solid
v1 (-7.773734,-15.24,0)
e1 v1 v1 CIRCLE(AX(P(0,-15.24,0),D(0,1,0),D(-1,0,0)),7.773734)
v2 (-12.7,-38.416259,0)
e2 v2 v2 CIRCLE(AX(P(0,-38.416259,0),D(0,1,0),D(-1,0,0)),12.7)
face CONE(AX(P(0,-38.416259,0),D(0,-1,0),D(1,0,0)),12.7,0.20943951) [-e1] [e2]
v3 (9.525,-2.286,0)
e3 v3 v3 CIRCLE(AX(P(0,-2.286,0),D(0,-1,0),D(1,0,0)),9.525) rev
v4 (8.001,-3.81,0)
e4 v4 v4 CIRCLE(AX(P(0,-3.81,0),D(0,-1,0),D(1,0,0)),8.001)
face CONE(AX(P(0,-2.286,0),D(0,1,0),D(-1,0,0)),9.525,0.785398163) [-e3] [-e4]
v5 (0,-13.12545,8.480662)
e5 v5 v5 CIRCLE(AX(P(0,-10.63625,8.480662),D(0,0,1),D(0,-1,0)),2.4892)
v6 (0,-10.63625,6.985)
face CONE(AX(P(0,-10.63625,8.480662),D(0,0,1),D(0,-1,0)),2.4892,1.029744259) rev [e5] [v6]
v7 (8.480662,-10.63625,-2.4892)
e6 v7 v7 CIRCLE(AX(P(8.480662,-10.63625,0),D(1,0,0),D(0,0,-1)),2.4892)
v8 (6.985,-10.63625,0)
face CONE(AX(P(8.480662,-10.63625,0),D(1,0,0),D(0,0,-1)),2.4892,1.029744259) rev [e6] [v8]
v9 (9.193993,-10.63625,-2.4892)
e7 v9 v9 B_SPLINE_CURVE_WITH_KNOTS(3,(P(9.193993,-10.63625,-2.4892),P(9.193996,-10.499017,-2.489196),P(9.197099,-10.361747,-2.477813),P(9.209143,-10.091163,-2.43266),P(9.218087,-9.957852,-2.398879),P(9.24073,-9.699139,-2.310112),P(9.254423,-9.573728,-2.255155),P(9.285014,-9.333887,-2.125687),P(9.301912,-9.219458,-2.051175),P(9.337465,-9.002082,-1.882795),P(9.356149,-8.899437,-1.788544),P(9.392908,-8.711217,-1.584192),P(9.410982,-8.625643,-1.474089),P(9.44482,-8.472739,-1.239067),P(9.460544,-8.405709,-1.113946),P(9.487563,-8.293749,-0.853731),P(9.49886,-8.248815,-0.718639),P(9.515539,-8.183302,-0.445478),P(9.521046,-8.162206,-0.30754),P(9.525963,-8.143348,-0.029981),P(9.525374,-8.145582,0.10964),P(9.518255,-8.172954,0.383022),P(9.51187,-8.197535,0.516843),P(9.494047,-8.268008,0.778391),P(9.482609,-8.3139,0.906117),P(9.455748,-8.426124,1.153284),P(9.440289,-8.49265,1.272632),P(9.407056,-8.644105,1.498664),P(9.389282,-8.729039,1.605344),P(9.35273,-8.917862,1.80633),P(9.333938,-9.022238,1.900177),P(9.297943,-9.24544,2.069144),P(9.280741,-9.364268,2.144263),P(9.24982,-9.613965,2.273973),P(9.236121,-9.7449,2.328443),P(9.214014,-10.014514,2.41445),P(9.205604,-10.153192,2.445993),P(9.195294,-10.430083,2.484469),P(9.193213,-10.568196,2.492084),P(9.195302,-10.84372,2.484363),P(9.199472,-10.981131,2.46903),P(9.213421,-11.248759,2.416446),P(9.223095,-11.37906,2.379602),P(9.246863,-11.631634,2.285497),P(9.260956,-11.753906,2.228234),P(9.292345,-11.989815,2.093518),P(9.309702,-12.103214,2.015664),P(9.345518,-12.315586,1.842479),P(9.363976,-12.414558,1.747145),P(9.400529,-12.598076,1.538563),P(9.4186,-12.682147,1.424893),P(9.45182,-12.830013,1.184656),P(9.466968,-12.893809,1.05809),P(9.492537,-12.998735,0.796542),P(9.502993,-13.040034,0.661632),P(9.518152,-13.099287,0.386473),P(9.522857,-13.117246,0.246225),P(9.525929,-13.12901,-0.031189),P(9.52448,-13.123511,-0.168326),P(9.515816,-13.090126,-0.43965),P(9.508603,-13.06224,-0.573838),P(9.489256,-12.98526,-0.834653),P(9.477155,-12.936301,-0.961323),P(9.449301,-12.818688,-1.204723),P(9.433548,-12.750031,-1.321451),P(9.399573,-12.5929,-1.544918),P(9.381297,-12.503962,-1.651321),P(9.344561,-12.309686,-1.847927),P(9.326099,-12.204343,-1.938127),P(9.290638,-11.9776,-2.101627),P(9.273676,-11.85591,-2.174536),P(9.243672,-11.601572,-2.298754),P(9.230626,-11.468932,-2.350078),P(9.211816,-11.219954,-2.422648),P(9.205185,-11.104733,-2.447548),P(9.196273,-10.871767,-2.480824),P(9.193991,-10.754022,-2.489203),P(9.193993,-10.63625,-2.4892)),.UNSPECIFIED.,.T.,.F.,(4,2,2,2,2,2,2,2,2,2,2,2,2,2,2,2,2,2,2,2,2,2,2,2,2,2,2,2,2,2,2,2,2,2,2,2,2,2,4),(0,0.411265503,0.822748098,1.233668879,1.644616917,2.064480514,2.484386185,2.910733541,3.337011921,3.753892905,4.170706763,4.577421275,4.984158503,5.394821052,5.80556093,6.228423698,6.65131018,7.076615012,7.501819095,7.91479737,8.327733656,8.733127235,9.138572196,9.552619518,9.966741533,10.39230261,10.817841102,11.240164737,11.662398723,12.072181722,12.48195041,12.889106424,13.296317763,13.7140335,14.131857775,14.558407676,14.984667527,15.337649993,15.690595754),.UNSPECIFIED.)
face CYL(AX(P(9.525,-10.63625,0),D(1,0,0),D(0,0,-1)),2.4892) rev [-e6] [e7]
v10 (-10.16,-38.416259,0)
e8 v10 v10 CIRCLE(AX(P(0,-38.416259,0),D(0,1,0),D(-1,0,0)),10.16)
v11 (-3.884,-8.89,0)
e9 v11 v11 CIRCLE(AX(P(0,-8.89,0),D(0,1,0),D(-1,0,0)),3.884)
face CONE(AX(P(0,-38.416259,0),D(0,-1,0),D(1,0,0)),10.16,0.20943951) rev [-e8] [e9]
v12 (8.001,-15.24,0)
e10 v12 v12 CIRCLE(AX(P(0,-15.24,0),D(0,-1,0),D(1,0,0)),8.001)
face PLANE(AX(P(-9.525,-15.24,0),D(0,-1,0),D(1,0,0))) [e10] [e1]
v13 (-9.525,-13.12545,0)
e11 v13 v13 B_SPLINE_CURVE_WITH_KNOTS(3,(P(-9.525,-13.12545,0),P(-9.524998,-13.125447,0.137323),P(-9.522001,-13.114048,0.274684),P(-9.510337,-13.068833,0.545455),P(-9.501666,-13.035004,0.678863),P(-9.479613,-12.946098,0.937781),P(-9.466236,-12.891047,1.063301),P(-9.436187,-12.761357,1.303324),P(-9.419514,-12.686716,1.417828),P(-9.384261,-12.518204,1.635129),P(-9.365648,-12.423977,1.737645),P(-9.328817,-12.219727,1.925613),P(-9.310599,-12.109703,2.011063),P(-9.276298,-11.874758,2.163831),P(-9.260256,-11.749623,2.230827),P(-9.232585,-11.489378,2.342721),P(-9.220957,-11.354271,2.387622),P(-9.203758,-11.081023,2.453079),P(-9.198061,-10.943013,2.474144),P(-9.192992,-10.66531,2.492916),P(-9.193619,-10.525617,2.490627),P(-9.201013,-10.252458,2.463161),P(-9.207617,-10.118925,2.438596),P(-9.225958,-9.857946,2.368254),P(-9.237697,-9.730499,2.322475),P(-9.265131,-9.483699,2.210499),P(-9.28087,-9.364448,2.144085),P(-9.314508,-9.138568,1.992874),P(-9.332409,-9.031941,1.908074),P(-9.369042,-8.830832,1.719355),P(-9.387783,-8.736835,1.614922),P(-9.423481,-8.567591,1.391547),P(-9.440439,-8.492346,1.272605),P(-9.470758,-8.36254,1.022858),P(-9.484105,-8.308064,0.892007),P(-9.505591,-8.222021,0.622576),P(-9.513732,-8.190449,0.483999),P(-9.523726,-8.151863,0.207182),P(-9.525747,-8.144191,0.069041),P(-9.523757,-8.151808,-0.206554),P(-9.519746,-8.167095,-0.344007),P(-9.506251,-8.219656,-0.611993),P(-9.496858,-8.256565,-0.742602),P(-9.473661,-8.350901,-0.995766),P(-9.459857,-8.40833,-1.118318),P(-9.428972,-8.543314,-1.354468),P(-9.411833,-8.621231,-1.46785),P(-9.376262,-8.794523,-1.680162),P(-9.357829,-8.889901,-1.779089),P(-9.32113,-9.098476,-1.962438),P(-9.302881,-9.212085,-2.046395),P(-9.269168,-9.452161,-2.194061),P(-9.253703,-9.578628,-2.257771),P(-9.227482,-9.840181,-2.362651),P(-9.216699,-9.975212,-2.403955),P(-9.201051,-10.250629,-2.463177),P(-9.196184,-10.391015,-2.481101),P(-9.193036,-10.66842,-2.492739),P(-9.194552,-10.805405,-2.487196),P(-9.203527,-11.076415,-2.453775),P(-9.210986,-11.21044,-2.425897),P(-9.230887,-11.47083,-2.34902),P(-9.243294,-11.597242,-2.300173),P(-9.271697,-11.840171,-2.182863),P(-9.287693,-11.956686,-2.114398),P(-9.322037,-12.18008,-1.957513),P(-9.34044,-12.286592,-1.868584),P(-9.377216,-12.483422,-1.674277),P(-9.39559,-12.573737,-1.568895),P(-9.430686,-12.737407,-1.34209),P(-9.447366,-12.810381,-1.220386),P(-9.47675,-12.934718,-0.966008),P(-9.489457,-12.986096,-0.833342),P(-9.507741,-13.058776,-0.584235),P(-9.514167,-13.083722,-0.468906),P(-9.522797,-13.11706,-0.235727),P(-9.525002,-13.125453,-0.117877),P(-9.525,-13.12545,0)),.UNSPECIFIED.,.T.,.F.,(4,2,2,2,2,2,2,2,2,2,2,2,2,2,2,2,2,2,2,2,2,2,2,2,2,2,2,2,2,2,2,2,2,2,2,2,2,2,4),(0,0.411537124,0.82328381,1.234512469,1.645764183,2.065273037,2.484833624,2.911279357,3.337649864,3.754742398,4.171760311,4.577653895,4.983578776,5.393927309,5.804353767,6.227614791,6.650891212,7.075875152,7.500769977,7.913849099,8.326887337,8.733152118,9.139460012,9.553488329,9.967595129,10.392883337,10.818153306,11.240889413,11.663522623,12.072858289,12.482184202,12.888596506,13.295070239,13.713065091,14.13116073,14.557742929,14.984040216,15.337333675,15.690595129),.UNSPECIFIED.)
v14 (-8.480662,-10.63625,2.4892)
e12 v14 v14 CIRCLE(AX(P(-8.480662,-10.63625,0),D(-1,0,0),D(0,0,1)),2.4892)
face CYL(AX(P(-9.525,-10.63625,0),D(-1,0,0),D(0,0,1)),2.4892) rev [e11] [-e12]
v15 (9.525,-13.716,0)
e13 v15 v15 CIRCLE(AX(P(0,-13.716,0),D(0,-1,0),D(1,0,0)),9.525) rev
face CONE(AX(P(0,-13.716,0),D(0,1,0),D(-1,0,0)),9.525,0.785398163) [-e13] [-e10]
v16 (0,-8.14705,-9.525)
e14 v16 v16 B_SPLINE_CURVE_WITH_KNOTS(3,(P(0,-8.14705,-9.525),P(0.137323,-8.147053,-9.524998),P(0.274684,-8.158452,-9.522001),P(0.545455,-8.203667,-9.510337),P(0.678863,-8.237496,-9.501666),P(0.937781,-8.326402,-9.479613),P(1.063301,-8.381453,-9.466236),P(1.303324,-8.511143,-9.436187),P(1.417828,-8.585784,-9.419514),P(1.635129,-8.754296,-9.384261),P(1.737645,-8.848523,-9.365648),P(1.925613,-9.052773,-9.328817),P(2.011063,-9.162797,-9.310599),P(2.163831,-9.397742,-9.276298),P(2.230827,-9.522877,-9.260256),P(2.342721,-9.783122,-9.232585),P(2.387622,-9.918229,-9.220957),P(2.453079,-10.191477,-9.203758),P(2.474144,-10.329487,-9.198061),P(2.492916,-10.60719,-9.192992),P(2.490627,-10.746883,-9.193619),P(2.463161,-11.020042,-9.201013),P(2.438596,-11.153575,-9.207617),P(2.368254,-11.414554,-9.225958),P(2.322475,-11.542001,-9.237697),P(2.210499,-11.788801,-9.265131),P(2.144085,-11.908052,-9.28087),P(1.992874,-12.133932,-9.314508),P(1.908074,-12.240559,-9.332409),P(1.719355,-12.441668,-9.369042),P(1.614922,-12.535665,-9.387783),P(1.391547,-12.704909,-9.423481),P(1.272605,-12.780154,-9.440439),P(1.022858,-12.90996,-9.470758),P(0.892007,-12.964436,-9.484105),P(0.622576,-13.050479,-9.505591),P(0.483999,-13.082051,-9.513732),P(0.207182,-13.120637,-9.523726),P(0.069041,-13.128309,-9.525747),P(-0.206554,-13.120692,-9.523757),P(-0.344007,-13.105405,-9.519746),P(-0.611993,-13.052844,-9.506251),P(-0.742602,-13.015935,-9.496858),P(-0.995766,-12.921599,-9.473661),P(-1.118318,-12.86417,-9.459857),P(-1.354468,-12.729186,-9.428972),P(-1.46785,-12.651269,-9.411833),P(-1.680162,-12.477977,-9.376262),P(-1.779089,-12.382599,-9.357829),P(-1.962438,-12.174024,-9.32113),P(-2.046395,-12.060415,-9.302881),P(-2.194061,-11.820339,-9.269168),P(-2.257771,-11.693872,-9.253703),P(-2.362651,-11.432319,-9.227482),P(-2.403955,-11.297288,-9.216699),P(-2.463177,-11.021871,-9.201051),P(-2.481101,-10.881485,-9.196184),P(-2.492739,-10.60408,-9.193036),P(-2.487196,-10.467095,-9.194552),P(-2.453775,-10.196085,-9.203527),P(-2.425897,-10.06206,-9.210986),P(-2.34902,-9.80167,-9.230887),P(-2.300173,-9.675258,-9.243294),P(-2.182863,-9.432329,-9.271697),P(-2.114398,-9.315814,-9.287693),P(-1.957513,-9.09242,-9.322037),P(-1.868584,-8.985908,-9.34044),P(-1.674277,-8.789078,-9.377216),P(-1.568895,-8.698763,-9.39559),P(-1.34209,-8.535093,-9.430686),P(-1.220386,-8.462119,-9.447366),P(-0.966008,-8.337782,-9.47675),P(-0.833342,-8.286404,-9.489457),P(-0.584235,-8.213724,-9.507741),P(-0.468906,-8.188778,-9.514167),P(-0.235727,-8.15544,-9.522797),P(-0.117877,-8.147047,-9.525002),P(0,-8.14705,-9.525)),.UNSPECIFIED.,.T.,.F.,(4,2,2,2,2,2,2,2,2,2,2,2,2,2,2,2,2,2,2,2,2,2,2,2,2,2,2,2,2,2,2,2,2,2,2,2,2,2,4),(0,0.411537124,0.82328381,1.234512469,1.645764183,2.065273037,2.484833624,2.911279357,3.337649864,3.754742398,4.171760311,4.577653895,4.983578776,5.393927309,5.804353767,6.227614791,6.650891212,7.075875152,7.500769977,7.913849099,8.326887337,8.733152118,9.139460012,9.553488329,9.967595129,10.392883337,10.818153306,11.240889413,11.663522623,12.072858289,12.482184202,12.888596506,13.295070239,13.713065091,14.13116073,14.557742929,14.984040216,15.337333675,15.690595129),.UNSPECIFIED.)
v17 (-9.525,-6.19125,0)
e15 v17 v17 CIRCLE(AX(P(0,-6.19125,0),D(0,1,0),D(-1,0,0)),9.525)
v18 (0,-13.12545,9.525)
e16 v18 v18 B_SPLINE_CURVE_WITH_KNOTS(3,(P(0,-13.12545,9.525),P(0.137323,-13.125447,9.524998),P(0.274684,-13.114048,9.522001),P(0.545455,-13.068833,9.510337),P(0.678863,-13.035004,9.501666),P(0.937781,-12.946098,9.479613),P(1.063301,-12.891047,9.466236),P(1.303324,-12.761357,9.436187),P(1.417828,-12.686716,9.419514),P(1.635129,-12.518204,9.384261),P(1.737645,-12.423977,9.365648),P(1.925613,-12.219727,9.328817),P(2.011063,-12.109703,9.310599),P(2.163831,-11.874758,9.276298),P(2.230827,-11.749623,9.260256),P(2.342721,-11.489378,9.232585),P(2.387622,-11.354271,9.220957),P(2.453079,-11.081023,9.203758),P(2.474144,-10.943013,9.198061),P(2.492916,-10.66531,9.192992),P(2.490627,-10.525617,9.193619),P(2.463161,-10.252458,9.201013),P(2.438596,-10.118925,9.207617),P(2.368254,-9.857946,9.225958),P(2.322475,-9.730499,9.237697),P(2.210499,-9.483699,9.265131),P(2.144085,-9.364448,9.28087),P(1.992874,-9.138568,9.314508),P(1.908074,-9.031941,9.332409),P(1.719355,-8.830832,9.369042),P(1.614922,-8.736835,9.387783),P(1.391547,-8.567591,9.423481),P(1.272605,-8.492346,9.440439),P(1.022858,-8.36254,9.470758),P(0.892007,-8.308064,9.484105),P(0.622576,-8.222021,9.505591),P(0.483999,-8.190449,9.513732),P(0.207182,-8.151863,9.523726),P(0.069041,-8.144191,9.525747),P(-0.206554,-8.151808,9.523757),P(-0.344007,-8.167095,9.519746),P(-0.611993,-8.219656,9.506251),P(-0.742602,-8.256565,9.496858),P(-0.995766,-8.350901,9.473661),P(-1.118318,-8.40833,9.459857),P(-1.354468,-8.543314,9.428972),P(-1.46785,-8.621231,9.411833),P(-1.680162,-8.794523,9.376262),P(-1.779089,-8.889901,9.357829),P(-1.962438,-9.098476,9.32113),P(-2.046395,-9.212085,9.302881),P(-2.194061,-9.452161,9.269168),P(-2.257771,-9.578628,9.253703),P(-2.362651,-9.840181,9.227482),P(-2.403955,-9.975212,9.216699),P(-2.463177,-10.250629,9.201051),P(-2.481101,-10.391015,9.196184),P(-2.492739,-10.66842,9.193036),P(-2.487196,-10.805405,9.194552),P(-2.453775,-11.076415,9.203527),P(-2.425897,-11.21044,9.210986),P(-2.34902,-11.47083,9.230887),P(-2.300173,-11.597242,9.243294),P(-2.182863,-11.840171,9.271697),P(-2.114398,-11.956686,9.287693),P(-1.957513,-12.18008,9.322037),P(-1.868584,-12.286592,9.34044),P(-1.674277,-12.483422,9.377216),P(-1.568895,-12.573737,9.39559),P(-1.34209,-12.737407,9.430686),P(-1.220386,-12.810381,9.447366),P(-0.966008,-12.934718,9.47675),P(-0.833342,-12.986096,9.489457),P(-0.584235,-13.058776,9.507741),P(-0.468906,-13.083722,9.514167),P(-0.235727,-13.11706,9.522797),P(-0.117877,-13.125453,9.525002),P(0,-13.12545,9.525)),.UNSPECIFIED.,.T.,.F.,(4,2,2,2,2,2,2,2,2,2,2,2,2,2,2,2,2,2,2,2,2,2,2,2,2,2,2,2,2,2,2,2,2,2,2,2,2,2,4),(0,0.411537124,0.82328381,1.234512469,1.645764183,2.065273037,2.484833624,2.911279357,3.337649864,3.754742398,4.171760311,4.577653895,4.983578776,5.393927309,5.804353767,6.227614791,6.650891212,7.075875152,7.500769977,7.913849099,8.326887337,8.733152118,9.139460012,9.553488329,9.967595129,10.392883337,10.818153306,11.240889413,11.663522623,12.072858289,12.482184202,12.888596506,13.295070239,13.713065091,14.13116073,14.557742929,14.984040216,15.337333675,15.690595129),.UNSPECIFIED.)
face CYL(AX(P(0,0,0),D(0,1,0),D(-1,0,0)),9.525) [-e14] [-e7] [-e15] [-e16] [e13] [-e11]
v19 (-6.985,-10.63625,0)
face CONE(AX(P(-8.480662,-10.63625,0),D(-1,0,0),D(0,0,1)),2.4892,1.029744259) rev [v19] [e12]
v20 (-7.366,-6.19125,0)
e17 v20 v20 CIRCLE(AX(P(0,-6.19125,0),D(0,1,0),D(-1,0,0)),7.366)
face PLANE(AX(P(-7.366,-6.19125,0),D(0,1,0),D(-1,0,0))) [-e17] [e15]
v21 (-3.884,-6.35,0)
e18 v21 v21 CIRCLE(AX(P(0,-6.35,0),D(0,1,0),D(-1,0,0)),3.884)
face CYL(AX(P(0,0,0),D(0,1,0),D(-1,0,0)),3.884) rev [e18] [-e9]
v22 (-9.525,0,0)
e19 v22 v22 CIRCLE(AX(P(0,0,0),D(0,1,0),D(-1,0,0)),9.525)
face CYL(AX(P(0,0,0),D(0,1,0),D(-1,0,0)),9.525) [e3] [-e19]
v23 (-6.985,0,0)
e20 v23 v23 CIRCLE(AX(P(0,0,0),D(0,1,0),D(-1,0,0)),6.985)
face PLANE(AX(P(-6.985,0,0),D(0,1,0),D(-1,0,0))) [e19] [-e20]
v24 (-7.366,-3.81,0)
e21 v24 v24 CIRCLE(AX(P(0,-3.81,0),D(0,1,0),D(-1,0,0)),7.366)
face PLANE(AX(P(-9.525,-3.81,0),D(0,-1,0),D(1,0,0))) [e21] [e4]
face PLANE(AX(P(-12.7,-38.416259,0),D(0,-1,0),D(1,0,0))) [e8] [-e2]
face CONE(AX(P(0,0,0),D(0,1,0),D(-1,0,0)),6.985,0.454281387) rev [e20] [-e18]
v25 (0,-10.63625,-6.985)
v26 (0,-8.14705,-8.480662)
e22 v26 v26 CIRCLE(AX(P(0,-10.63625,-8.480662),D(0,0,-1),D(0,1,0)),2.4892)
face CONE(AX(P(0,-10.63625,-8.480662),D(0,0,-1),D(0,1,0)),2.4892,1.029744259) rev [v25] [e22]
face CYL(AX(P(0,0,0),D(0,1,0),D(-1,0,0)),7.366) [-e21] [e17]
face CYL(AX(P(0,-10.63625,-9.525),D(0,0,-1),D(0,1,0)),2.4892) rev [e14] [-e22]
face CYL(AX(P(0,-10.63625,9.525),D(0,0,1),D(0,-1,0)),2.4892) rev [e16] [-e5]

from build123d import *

# Parameters (mm, degrees)
CIRPATTERN1_COUNT = 4
CHAMFER1_SIZE     = 1.524


with BuildPart() as part:
    # Sketch1 → Body (revolve)
    with BuildSketch(Plane.XY):
        Polygon((-12.7, -38.416258567), (-10.16, -38.416258567), (-3.884, -8.89), (-3.884, -6.35), (-6.985, 0), (-9.525, 0), (-9.525, -3.81), (-7.366, -3.81), (-7.366, -6.19125), (-9.525, -6.19125), (-9.525, -15.24), (-7.773734167, -15.24), align=None)
    revolve(axis=Axis((0, 0, 0), (0, -1, 0)))

    # Sketch4 → SetScrew (revolve, cut)
    with BuildSketch(Plane(origin=(-9.525, -10.63625, 0), x_dir=(0, 0, 1), z_dir=(0, 1, 0))):
        Polygon((0, 0), (0, 2.54), (2.4892, 1.044337747), (2.4892, 0), align=None)
    setscrew = revolve(axis=Axis((-15.875, -10.63625, 0), (1, 0, 0)), mode=Mode.SUBTRACT)

    # CirPattern1: SetScrew ×4 about axis
    cirpattern1_axis = Axis((0, 0, 0), (0, 1, 0))
    for i in range(1, CIRPATTERN1_COUNT):
        add(setscrew.rotate(cirpattern1_axis, i * 360 / CIRPATTERN1_COUNT), mode=Mode.SUBTRACT)

    # Chamfer1
    chamfer1_edges = [part.edges().sort_by_distance(p)[0] for p in [
        (9.525, -3.81, 0),
        (9.525, -15.24, 0),
    ]]
    chamfer(chamfer1_edges, length=CHAMFER1_SIZE)


solid = part.part
